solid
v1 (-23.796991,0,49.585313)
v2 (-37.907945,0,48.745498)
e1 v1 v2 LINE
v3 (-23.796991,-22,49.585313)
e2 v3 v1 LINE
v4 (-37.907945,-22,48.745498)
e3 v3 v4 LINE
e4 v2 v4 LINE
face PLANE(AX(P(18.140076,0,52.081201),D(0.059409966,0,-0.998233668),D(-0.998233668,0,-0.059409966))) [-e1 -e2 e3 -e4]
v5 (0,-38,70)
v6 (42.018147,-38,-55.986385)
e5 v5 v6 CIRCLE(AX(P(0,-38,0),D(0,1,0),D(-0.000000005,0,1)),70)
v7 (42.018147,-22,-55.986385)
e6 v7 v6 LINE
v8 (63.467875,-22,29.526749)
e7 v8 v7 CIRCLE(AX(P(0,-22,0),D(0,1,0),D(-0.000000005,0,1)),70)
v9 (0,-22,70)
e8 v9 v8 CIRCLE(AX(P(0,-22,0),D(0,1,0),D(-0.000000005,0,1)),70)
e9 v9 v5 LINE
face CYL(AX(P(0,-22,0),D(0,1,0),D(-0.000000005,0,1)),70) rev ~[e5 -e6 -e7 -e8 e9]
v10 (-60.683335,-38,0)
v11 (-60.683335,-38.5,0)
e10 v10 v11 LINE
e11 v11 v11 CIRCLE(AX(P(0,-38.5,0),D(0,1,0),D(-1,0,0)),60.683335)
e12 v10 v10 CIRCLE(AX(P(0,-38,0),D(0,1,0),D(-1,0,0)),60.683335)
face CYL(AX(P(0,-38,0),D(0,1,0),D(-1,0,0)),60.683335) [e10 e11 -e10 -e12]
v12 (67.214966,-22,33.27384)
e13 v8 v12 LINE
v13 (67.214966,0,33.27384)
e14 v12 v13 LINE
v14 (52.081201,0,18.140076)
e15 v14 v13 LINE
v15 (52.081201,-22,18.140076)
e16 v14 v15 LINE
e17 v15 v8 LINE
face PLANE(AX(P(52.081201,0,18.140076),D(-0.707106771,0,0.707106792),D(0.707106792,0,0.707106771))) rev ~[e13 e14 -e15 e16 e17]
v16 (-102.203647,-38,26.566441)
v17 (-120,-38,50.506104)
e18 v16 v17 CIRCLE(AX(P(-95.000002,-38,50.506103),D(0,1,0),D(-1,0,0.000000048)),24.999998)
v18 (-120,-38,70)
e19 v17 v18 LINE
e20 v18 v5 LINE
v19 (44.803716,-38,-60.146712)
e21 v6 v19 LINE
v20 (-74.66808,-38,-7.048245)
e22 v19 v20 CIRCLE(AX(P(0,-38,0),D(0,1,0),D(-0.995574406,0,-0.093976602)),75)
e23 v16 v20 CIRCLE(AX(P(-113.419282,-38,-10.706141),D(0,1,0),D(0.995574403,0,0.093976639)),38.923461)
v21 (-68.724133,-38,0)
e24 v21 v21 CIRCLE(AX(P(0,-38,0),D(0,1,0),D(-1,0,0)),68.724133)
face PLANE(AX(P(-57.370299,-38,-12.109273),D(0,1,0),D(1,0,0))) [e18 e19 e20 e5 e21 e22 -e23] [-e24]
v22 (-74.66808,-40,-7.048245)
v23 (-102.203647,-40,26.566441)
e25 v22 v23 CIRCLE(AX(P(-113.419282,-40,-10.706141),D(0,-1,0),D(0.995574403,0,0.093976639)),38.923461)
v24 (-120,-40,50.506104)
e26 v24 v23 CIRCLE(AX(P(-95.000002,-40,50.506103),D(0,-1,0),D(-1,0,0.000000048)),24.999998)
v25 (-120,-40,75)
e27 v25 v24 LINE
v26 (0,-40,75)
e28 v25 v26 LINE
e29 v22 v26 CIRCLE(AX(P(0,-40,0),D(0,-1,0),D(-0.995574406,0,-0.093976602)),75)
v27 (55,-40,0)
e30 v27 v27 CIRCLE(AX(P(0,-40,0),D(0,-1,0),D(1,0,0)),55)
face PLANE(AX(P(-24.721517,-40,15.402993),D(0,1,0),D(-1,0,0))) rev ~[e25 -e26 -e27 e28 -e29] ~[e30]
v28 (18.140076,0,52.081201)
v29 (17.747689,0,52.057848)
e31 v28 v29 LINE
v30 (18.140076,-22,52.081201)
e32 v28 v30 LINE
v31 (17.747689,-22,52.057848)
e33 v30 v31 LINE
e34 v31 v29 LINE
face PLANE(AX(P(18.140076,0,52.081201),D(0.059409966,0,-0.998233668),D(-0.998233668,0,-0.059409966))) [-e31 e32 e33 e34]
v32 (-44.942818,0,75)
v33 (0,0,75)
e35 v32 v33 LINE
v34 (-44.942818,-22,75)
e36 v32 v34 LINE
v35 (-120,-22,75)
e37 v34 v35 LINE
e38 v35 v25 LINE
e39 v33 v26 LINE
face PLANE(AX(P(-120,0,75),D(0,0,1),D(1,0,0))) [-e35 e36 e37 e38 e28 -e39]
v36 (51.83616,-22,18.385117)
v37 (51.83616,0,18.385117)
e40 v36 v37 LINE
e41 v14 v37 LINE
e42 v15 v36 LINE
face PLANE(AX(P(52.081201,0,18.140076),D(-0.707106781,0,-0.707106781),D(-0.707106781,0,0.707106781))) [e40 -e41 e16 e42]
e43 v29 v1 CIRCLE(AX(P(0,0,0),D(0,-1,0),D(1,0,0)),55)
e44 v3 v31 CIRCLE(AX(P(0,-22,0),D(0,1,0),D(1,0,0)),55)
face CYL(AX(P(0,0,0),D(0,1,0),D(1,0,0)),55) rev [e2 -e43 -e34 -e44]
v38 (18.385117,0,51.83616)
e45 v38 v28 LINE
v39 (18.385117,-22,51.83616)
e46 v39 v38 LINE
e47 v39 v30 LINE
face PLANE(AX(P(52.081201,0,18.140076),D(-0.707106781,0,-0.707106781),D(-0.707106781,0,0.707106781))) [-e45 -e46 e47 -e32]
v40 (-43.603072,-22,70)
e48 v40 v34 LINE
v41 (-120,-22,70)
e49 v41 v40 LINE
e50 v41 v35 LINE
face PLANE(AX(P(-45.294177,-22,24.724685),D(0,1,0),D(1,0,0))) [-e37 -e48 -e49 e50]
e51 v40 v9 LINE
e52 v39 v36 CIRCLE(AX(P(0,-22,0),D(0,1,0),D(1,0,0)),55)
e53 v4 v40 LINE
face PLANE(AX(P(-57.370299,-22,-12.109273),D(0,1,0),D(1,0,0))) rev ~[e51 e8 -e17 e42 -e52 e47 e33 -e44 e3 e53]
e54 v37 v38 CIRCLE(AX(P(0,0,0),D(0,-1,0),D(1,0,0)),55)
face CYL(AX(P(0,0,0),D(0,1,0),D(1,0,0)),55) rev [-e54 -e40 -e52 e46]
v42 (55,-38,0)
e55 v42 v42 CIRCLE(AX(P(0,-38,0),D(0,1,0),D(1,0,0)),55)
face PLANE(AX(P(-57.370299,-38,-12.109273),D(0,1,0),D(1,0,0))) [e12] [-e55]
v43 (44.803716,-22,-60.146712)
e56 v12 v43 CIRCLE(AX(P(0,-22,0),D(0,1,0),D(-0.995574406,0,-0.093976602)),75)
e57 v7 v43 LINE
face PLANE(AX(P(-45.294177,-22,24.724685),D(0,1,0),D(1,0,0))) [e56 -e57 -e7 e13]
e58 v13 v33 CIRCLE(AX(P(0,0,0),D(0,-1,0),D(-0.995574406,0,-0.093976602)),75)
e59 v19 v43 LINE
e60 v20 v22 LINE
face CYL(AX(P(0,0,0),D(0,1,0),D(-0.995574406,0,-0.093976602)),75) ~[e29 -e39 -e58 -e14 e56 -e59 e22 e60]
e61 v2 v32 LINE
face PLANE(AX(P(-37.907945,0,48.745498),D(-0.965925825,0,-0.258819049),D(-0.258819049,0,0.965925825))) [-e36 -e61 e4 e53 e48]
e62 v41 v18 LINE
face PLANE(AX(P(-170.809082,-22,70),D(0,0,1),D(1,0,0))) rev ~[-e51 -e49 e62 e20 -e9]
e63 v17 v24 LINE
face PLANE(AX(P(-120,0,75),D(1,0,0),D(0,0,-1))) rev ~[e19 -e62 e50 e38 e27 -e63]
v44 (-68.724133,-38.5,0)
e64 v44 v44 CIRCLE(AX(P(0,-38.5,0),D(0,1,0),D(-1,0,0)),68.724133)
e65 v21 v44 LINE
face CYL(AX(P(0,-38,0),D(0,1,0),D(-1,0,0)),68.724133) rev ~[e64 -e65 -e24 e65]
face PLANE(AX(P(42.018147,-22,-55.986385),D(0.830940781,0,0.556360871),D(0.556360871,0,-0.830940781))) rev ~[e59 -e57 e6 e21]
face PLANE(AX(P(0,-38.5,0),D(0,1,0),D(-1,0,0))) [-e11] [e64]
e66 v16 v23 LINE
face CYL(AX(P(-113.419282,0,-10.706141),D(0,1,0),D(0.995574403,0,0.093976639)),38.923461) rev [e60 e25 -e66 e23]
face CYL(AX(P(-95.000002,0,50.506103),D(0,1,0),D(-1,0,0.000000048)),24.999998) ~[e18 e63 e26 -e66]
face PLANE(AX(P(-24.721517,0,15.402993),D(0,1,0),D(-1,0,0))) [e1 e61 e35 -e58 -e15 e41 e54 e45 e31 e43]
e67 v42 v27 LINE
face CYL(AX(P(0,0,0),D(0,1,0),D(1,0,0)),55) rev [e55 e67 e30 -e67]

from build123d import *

# Parameters (mm, degrees)
SKETCH_R        = 55
PAD_DEPTH       = 40
POCKET_DEPTH    = 22
POCKET001_DEPTH = 16
SKETCH004_R     = 68.724133
SKETCH004_R_2   = 60.683335
POCKET002_DEPTH = 0.5


with BuildPart() as part:
    # Sketch → Pad (new body)
    with BuildSketch(Plane.XZ):
        with BuildLine():
            Line((-120, 75), (0, 75))
            ThreePointArc((-74.66808, -7.048245), (55.468993, -50.479608), (0, 75))
            ThreePointArc((-74.66808, -7.048245), (-83.30852, 13.959176), (-102.203647, 26.566441))
            ThreePointArc((-120, 50.506104), (-115.063539, 35.591198), (-102.203647, 26.566441))
            Line((-120, 75), (-120, 50.506104))
        make_face()
        Circle(SKETCH_R, mode=Mode.SUBTRACT)
    extrude(amount=PAD_DEPTH)

    # Sketch001 (on Face7 of Pad) → Pocket (cut)
    with BuildSketch(Plane(origin=(0, 0, 0), x_dir=(1, 0, 0), z_dir=(0, 1, 0))):
        with BuildLine():
            Line((52.081201, -18.140076), (85.552432, -51.611306))
            ThreePointArc((85.552432, -51.611306), (26.786197, 96.257182), (-99.914691, 0))
            Line((-211.758942, -108.831918), (-99.914691, 0))
            Line((-54.008053, -108.831918), (-211.758942, -108.831918))
            Line((-37.907945, -48.745498), (-54.008053, -108.831918))
            Line((18.140076, -52.081201), (-37.907945, -48.745498))
            Line((52.081201, -18.140076), (18.140076, -52.081201))
        make_face()
    extrude(amount=-POCKET_DEPTH, mode=Mode.SUBTRACT)

    # Sketch003 (on Face2 of Pocket) → Pocket001 (cut)
    with BuildSketch(Plane(origin=(0, -22, 0), x_dir=(1, 0, 0), z_dir=(0, 1, 0))):
        with BuildLine():
            ThreePointArc((0, -70), (66.404243, -22.146705), (42.018147, 55.986385))
            Line((42.018147, 55.986385), (62.226624, 86.16832))
            Line((62.226624, 86.16832), (-170.809082, 86.16832))
            Line((-170.809082, 86.16832), (-170.809082, -70))
            Line((-170.809082, -70), (0, -70))
        make_face()
    extrude(amount=-POCKET001_DEPTH, mode=Mode.SUBTRACT)

    # Sketch004 → Pocket002 (cut)
    with BuildSketch(Plane(origin=(0, -38, 0), x_dir=(-1, 0, 0), z_dir=(0, 1, 0))):
        Circle(SKETCH004_R)
        Circle(SKETCH004_R_2, mode=Mode.SUBTRACT)
    extrude(amount=-POCKET002_DEPTH, mode=Mode.SUBTRACT)


solid = part.part
